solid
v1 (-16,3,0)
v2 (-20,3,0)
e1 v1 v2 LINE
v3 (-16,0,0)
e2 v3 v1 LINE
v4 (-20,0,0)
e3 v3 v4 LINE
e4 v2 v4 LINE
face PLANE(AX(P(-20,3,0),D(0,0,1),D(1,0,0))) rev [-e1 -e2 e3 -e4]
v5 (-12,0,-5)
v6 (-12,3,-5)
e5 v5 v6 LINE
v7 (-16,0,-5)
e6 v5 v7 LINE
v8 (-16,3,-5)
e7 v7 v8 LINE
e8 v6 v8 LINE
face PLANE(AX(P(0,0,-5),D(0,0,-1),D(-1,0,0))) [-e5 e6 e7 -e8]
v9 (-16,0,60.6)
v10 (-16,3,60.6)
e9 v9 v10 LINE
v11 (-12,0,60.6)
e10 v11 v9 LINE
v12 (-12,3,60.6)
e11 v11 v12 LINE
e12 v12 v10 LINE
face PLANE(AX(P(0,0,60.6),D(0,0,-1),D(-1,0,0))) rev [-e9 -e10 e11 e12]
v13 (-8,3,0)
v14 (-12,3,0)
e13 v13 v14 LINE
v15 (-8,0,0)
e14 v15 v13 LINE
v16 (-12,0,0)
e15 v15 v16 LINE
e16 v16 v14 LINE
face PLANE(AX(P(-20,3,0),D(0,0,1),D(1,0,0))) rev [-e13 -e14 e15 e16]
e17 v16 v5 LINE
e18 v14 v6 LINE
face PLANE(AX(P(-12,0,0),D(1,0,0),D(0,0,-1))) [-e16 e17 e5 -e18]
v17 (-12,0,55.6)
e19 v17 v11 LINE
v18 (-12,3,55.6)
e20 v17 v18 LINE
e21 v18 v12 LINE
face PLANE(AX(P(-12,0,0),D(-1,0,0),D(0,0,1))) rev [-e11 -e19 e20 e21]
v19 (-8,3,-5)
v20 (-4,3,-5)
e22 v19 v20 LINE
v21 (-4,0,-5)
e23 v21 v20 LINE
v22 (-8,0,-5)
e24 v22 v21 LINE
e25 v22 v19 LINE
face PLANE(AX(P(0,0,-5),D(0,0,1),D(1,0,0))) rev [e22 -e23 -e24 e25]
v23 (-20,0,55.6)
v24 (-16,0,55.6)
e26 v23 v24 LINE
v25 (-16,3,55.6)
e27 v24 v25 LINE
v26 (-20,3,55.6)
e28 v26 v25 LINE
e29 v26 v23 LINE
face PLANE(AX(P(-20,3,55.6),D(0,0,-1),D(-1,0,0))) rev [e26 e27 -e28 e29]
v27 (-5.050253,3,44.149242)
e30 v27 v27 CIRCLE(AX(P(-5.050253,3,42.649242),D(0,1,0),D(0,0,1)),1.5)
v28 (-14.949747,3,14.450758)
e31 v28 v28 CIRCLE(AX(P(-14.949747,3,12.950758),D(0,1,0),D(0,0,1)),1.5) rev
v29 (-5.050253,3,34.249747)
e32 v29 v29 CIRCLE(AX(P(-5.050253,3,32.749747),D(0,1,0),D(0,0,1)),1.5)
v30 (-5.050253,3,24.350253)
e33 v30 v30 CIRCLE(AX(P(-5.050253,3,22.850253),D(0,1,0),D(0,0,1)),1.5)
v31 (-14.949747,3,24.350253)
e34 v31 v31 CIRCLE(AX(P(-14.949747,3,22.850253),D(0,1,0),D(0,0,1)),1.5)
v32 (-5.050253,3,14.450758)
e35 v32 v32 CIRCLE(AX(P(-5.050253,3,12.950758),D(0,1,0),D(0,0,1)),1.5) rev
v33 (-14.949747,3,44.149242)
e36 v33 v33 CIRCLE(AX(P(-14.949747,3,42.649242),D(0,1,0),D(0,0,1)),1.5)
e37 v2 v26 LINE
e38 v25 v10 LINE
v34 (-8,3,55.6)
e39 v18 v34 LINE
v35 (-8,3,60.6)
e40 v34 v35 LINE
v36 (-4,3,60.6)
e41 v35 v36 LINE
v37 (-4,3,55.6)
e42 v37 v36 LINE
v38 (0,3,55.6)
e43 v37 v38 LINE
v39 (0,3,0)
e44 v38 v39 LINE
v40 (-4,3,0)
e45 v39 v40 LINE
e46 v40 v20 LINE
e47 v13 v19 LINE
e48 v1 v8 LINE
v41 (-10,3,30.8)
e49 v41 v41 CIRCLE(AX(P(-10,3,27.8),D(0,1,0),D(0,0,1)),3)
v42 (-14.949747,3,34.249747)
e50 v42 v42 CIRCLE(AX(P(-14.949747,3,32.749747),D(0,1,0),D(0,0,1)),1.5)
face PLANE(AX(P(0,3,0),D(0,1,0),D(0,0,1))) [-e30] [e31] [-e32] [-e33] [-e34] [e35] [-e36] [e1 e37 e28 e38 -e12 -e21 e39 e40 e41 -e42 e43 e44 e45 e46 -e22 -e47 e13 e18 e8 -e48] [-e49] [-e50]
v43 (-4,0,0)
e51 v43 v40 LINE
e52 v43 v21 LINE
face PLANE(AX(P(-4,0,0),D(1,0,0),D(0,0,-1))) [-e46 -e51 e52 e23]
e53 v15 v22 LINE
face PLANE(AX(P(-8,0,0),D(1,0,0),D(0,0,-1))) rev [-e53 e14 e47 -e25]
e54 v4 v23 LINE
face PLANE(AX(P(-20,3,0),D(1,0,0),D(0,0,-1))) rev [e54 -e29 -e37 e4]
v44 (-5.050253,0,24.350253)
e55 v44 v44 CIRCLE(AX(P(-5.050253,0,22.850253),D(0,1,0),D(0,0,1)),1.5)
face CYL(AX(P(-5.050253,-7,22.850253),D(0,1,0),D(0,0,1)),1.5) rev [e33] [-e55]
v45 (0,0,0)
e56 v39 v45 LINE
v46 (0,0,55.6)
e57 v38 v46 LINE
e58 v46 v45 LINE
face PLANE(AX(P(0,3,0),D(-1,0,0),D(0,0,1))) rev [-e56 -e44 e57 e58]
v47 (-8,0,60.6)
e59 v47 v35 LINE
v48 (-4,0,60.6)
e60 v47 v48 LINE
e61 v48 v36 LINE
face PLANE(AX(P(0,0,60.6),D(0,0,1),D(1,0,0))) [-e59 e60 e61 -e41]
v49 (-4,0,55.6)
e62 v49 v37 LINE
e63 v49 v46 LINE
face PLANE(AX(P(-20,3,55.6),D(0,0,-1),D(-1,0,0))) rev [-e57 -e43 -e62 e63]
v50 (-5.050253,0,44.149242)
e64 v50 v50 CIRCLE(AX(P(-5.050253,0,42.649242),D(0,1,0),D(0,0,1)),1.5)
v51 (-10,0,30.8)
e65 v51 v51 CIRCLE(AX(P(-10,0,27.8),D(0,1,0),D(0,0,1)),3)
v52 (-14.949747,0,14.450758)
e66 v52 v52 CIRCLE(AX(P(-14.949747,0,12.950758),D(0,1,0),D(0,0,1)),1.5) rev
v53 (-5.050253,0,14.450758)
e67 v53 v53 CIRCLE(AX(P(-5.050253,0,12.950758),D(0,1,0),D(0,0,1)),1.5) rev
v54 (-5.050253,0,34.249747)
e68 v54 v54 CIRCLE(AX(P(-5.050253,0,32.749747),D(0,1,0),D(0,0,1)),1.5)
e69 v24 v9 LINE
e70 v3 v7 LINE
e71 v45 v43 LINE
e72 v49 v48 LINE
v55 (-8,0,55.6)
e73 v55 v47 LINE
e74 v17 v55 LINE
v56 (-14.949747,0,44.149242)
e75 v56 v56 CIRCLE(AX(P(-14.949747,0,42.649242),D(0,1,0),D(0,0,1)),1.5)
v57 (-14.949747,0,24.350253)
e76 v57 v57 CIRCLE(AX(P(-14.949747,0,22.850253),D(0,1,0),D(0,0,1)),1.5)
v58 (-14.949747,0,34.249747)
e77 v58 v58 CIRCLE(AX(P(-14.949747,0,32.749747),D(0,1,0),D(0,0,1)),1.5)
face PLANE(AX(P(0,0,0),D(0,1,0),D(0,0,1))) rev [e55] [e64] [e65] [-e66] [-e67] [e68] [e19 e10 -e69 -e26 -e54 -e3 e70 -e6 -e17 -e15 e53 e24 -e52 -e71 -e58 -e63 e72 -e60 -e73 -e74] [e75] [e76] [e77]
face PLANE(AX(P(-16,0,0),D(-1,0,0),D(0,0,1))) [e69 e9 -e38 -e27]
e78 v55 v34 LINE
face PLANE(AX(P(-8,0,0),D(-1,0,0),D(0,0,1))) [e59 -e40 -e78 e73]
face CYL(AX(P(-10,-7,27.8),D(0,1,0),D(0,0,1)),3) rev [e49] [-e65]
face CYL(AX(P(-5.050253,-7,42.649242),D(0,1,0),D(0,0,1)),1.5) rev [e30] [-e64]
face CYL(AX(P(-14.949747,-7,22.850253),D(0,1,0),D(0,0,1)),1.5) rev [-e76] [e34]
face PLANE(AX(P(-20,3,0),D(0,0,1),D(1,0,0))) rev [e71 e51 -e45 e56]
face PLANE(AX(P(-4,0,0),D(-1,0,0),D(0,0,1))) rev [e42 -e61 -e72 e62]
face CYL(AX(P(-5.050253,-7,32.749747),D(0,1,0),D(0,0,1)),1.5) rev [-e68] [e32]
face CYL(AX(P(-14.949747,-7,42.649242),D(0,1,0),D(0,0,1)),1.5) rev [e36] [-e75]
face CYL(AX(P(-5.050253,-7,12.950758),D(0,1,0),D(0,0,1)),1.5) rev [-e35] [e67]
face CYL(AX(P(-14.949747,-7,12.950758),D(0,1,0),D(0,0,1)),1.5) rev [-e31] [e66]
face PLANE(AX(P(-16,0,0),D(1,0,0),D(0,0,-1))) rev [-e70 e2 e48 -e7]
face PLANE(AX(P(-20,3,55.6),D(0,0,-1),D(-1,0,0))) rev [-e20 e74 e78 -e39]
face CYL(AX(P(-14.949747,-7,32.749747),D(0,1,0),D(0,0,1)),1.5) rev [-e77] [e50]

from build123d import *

# Parameters (mm, degrees)
SKETCH_1_W          = 20
SKETCH_1_H          = 55.6
EXTRUDE_1_DEPTH     = 3
SKETCH_2_W          = 4
SKETCH_2_H          = 5
EXTRUDE_2_DEPTH     = 3
SKETCH_3_R          = 1.5
SKETCH_3_R_2        = 3
CUT_EXTRUDE_1_DEPTH = 10


with BuildPart() as part:
    # 草图1 → 凸台-拉伸1 (new body)
    with BuildSketch(Plane(origin=(0, 0, 0), x_dir=(1, 0, 0), z_dir=(0, 1, 0))):
        with Locations((-10, -27.8)):
            Rectangle(SKETCH_1_W, SKETCH_1_H)
    extrude(amount=EXTRUDE_1_DEPTH)

    # 草图2 → 凸台-拉伸2 (add)
    with BuildSketch(Plane(origin=(0, 3, 0), x_dir=(1, 0, 0), z_dir=(0, 1, 0))):
        with Locations((-14, 2.5)):
            Rectangle(SKETCH_2_W, SKETCH_2_H)
        with Locations((-6, 2.5)):
            Rectangle(SKETCH_2_W, SKETCH_2_H)
        with Locations((-14, -58.1)):
            Rectangle(SKETCH_2_W, SKETCH_2_H)
        with Locations((-6, -58.1)):
            Rectangle(SKETCH_2_W, SKETCH_2_H)
    extrude(amount=-EXTRUDE_2_DEPTH)

    # 草图3 → 切除-拉伸1 (cut)
    with BuildSketch(Plane(origin=(0, 3, 0), x_dir=(1, 0, 0), z_dir=(0, 1, 0))):
        with Locations(Location((-5.050252532, -22.850252532, 0), (0, 0, 270))):
            Circle(SKETCH_3_R)
        with Locations(Location((-10, -27.8, 0), (0, 0, 270))):
            Circle(SKETCH_3_R_2)
        with Locations(Location((-14.949747468, -32.749747468, 0), (0, 0, 270))):
            Circle(SKETCH_3_R)
        with Locations(Location((-5.050252532, -32.749747468, 0), (0, 0, 270))):
            Circle(SKETCH_3_R)
        with Locations(Location((-14.949747468, -22.850252532, 0), (0, 0, 270))):
            Circle(SKETCH_3_R)
        with Locations(Location((-14.949747468, -12.950757595, 0), (0, 0, 270))):
            Circle(SKETCH_3_R)
        with Locations(Location((-5.050252532, -12.950757595, 0), (0, 0, 270))):
            Circle(SKETCH_3_R)
        with Locations(Location((-14.949747468, -42.649242405, 0), (0, 0, 270))):
            Circle(SKETCH_3_R)
        with Locations(Location((-5.050252532, -42.649242405, 0), (0, 0, 270))):
            Circle(SKETCH_3_R)
    extrude(amount=-CUT_EXTRUDE_1_DEPTH, mode=Mode.SUBTRACT)


solid = part.part
